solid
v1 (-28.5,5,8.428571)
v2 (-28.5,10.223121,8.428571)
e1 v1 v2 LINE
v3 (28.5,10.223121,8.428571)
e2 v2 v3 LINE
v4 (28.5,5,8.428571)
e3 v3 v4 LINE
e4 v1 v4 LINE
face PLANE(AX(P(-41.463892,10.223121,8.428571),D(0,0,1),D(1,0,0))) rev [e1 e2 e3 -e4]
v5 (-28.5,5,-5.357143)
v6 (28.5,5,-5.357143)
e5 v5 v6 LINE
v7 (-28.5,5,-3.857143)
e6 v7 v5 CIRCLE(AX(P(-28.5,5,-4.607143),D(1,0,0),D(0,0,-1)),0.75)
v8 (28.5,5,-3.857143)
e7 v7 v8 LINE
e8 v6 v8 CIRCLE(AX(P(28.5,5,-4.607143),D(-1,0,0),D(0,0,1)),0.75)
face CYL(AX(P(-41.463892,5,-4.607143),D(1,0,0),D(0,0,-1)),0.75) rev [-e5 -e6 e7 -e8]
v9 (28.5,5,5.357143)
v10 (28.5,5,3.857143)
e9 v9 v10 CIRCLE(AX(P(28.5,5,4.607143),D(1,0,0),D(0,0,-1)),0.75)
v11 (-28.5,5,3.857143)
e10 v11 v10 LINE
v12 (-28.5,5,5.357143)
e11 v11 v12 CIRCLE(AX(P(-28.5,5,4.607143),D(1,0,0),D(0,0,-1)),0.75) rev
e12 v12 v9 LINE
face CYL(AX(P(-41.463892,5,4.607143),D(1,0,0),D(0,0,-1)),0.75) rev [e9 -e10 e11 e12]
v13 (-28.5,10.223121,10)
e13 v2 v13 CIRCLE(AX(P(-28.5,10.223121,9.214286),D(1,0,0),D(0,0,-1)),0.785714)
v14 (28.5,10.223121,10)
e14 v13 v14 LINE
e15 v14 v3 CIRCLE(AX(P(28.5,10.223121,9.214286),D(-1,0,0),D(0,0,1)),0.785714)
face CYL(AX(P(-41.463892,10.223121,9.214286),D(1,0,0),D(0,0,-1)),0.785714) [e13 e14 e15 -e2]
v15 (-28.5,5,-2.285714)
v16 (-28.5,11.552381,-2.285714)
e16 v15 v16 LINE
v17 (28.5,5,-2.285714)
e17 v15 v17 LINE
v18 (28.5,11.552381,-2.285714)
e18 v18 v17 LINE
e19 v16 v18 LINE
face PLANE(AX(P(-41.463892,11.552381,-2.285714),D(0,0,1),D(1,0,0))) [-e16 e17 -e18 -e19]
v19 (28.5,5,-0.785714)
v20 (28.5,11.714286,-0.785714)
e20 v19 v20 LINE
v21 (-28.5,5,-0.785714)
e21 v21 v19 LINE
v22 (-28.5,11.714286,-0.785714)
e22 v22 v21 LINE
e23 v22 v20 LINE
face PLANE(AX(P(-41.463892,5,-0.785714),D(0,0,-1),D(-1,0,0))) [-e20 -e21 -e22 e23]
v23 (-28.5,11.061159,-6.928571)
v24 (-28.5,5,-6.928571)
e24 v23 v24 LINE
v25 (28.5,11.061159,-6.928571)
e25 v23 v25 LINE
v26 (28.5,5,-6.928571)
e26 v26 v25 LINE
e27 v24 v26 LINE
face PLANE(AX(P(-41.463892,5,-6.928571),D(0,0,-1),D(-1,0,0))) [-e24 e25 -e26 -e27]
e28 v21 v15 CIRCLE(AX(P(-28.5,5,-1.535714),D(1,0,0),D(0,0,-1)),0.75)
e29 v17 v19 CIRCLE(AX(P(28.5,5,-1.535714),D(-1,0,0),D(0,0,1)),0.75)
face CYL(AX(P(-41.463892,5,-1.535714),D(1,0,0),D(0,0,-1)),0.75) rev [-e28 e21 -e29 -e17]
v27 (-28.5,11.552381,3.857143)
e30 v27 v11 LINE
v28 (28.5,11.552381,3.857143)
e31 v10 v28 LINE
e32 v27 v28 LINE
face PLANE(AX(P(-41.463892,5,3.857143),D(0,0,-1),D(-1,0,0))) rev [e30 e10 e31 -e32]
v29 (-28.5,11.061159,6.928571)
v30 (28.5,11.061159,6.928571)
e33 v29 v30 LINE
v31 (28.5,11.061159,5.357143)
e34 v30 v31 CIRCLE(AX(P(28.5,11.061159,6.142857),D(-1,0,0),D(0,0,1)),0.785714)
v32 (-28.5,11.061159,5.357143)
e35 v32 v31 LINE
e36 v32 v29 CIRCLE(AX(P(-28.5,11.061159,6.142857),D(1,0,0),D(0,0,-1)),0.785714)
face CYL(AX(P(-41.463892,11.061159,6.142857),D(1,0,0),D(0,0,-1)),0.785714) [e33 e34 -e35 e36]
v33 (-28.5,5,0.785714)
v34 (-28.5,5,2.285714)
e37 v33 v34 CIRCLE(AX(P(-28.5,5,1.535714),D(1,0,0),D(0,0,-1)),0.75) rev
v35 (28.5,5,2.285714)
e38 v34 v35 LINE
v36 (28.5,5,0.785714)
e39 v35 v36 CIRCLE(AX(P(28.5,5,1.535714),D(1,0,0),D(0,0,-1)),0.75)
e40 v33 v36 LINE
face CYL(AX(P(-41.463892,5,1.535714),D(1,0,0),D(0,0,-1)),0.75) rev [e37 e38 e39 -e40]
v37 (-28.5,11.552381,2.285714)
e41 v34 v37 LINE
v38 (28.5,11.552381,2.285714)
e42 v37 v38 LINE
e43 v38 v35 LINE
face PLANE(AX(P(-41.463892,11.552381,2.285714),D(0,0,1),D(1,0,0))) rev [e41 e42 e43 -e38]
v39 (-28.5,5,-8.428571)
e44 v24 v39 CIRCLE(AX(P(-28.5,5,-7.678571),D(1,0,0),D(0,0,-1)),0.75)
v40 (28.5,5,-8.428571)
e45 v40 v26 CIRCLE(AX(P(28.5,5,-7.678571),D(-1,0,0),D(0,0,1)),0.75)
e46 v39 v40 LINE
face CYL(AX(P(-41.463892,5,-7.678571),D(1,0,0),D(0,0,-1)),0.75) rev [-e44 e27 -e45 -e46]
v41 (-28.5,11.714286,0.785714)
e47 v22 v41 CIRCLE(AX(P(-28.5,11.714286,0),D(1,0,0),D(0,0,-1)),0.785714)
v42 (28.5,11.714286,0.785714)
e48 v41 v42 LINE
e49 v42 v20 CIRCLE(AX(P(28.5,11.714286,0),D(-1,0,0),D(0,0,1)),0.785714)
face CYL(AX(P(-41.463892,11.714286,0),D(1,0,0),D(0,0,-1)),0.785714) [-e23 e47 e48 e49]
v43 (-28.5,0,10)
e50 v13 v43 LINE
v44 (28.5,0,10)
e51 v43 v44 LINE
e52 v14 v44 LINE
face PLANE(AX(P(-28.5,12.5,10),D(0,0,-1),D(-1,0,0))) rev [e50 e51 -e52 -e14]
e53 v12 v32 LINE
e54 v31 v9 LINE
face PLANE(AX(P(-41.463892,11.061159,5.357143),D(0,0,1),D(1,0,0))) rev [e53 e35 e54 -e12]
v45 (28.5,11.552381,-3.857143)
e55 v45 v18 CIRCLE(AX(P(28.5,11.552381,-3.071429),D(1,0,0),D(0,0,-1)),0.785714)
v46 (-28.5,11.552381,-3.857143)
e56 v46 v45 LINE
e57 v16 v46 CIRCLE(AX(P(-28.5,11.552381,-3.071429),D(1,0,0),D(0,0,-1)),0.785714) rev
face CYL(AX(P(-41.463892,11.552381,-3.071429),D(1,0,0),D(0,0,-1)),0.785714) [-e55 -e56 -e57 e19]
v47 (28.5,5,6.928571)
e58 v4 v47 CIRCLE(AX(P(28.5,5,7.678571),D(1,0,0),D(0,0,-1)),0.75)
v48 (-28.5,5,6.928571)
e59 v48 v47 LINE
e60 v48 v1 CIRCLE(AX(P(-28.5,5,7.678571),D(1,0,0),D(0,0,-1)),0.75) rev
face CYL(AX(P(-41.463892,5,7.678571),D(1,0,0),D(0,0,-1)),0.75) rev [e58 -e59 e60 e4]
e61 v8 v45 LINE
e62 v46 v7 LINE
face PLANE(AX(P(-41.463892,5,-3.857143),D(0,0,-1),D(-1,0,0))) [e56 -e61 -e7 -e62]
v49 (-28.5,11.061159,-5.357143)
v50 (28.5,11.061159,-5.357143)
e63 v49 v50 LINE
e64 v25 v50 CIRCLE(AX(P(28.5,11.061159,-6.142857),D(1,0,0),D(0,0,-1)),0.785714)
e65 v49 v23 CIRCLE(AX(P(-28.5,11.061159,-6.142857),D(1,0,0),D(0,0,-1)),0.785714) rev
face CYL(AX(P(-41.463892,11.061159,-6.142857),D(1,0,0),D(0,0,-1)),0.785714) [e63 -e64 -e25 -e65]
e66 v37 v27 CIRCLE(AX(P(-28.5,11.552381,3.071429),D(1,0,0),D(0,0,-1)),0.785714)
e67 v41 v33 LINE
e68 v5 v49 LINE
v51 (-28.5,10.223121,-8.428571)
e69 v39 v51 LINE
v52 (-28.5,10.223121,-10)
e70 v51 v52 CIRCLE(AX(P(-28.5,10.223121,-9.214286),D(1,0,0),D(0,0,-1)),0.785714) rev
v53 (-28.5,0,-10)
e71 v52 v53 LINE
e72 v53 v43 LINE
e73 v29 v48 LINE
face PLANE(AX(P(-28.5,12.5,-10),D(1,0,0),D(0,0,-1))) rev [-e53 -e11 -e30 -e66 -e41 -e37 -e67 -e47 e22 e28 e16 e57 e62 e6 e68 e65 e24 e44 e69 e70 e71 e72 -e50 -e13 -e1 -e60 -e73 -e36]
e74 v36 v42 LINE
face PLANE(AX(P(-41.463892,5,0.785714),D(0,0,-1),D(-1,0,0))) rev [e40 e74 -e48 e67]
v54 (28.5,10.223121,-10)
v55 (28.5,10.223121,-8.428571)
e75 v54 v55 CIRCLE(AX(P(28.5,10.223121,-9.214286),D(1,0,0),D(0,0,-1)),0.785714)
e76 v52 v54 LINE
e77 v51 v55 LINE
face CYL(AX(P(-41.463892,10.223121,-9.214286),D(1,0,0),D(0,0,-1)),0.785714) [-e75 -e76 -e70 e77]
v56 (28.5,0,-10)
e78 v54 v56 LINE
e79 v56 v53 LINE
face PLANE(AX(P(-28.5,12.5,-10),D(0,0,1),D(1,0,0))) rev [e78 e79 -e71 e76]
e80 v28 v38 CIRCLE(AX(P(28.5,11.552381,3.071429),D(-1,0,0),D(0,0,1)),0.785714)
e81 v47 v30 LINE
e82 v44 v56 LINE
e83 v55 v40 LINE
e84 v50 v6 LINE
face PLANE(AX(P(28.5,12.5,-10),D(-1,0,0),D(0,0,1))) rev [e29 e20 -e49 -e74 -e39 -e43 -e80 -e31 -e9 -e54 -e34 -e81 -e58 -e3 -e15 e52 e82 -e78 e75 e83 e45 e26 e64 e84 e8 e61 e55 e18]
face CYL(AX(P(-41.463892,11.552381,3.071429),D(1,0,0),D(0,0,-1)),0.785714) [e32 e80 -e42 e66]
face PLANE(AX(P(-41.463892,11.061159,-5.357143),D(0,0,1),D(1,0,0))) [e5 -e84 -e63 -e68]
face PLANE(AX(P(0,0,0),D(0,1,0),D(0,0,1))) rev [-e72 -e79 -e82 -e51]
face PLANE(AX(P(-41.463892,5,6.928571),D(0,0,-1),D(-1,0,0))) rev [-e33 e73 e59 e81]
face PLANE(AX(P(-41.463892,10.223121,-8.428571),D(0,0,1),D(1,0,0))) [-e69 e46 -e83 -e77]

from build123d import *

# Parameters (mm, degrees)
SKETCH2_W           = 57
SKETCH2_H           = 20
BOSS_EXTRUDE1_DEPTH = 12.5
CUT_EXTRUDE1_DEPTH  = 57


with BuildPart() as part:
    # Sketch2 → Boss-Extrude1 (new body)
    with BuildSketch(Plane(origin=(0, 0, 0), x_dir=(1, 0, 0), z_dir=(0, 1, 0))):
        Rectangle(SKETCH2_W, SKETCH2_H)
    extrude(amount=BOSS_EXTRUDE1_DEPTH)

    # Sketch3 → Cut-Extrude1 (cut)
    with BuildSketch(Plane(origin=(28.5, 0, 0), x_dir=(0, 0, -1), z_dir=(1, 0, 0))):
        with BuildLine():
            Line((-10, 12.5), (-10, 10.22312083))
            ThreePointArc((-10, 10.22312083), (-9.214285714, 11.008835116), (-8.428571429, 10.22312083))
            Line((-8.428571429, 10.22312083), (-8.428571429, 5))
            ThreePointArc((-8.428571429, 5), (-7.678571429, 4.25), (-6.928571429, 5))
            Line((-6.928571429, 5), (-6.928571429, 11.061158869))
            ThreePointArc((-6.928571429, 11.061158869), (-6.142857143, 11.846873154), (-5.357142857, 11.061158869))
            Line((-5.357142857, 11.061158869), (-5.357142857, 5))
            ThreePointArc((-5.357142857, 5), (-4.607142857, 4.25), (-3.857142857, 5))
            Line((-3.857142857, 5), (-3.857142857, 11.552380562))
            ThreePointArc((-3.857142857, 11.552380562), (-3.071428571, 12.338094848), (-2.285714286, 11.552380562))
            Line((-2.285714286, 11.552380562), (-2.285714286, 5))
            ThreePointArc((-2.285714286, 5), (-1.535714286, 4.25), (-0.785714286, 5))
            Line((-0.785714286, 5), (-0.785714286, 11.714285714))
            ThreePointArc((-0.785714286, 11.714285714), (-0.5555839, 12.269869614), (0, 12.5))
            Line((0, 12.5), (-10, 12.5))
        make_face()
    cut_extrude1 = extrude(amount=-CUT_EXTRUDE1_DEPTH, mode=Mode.SUBTRACT)

    # Mirror1: Cut-Extrude1 across plane
    add(cut_extrude1.mirror(Plane.XY), mode=Mode.SUBTRACT)


solid = part.part
